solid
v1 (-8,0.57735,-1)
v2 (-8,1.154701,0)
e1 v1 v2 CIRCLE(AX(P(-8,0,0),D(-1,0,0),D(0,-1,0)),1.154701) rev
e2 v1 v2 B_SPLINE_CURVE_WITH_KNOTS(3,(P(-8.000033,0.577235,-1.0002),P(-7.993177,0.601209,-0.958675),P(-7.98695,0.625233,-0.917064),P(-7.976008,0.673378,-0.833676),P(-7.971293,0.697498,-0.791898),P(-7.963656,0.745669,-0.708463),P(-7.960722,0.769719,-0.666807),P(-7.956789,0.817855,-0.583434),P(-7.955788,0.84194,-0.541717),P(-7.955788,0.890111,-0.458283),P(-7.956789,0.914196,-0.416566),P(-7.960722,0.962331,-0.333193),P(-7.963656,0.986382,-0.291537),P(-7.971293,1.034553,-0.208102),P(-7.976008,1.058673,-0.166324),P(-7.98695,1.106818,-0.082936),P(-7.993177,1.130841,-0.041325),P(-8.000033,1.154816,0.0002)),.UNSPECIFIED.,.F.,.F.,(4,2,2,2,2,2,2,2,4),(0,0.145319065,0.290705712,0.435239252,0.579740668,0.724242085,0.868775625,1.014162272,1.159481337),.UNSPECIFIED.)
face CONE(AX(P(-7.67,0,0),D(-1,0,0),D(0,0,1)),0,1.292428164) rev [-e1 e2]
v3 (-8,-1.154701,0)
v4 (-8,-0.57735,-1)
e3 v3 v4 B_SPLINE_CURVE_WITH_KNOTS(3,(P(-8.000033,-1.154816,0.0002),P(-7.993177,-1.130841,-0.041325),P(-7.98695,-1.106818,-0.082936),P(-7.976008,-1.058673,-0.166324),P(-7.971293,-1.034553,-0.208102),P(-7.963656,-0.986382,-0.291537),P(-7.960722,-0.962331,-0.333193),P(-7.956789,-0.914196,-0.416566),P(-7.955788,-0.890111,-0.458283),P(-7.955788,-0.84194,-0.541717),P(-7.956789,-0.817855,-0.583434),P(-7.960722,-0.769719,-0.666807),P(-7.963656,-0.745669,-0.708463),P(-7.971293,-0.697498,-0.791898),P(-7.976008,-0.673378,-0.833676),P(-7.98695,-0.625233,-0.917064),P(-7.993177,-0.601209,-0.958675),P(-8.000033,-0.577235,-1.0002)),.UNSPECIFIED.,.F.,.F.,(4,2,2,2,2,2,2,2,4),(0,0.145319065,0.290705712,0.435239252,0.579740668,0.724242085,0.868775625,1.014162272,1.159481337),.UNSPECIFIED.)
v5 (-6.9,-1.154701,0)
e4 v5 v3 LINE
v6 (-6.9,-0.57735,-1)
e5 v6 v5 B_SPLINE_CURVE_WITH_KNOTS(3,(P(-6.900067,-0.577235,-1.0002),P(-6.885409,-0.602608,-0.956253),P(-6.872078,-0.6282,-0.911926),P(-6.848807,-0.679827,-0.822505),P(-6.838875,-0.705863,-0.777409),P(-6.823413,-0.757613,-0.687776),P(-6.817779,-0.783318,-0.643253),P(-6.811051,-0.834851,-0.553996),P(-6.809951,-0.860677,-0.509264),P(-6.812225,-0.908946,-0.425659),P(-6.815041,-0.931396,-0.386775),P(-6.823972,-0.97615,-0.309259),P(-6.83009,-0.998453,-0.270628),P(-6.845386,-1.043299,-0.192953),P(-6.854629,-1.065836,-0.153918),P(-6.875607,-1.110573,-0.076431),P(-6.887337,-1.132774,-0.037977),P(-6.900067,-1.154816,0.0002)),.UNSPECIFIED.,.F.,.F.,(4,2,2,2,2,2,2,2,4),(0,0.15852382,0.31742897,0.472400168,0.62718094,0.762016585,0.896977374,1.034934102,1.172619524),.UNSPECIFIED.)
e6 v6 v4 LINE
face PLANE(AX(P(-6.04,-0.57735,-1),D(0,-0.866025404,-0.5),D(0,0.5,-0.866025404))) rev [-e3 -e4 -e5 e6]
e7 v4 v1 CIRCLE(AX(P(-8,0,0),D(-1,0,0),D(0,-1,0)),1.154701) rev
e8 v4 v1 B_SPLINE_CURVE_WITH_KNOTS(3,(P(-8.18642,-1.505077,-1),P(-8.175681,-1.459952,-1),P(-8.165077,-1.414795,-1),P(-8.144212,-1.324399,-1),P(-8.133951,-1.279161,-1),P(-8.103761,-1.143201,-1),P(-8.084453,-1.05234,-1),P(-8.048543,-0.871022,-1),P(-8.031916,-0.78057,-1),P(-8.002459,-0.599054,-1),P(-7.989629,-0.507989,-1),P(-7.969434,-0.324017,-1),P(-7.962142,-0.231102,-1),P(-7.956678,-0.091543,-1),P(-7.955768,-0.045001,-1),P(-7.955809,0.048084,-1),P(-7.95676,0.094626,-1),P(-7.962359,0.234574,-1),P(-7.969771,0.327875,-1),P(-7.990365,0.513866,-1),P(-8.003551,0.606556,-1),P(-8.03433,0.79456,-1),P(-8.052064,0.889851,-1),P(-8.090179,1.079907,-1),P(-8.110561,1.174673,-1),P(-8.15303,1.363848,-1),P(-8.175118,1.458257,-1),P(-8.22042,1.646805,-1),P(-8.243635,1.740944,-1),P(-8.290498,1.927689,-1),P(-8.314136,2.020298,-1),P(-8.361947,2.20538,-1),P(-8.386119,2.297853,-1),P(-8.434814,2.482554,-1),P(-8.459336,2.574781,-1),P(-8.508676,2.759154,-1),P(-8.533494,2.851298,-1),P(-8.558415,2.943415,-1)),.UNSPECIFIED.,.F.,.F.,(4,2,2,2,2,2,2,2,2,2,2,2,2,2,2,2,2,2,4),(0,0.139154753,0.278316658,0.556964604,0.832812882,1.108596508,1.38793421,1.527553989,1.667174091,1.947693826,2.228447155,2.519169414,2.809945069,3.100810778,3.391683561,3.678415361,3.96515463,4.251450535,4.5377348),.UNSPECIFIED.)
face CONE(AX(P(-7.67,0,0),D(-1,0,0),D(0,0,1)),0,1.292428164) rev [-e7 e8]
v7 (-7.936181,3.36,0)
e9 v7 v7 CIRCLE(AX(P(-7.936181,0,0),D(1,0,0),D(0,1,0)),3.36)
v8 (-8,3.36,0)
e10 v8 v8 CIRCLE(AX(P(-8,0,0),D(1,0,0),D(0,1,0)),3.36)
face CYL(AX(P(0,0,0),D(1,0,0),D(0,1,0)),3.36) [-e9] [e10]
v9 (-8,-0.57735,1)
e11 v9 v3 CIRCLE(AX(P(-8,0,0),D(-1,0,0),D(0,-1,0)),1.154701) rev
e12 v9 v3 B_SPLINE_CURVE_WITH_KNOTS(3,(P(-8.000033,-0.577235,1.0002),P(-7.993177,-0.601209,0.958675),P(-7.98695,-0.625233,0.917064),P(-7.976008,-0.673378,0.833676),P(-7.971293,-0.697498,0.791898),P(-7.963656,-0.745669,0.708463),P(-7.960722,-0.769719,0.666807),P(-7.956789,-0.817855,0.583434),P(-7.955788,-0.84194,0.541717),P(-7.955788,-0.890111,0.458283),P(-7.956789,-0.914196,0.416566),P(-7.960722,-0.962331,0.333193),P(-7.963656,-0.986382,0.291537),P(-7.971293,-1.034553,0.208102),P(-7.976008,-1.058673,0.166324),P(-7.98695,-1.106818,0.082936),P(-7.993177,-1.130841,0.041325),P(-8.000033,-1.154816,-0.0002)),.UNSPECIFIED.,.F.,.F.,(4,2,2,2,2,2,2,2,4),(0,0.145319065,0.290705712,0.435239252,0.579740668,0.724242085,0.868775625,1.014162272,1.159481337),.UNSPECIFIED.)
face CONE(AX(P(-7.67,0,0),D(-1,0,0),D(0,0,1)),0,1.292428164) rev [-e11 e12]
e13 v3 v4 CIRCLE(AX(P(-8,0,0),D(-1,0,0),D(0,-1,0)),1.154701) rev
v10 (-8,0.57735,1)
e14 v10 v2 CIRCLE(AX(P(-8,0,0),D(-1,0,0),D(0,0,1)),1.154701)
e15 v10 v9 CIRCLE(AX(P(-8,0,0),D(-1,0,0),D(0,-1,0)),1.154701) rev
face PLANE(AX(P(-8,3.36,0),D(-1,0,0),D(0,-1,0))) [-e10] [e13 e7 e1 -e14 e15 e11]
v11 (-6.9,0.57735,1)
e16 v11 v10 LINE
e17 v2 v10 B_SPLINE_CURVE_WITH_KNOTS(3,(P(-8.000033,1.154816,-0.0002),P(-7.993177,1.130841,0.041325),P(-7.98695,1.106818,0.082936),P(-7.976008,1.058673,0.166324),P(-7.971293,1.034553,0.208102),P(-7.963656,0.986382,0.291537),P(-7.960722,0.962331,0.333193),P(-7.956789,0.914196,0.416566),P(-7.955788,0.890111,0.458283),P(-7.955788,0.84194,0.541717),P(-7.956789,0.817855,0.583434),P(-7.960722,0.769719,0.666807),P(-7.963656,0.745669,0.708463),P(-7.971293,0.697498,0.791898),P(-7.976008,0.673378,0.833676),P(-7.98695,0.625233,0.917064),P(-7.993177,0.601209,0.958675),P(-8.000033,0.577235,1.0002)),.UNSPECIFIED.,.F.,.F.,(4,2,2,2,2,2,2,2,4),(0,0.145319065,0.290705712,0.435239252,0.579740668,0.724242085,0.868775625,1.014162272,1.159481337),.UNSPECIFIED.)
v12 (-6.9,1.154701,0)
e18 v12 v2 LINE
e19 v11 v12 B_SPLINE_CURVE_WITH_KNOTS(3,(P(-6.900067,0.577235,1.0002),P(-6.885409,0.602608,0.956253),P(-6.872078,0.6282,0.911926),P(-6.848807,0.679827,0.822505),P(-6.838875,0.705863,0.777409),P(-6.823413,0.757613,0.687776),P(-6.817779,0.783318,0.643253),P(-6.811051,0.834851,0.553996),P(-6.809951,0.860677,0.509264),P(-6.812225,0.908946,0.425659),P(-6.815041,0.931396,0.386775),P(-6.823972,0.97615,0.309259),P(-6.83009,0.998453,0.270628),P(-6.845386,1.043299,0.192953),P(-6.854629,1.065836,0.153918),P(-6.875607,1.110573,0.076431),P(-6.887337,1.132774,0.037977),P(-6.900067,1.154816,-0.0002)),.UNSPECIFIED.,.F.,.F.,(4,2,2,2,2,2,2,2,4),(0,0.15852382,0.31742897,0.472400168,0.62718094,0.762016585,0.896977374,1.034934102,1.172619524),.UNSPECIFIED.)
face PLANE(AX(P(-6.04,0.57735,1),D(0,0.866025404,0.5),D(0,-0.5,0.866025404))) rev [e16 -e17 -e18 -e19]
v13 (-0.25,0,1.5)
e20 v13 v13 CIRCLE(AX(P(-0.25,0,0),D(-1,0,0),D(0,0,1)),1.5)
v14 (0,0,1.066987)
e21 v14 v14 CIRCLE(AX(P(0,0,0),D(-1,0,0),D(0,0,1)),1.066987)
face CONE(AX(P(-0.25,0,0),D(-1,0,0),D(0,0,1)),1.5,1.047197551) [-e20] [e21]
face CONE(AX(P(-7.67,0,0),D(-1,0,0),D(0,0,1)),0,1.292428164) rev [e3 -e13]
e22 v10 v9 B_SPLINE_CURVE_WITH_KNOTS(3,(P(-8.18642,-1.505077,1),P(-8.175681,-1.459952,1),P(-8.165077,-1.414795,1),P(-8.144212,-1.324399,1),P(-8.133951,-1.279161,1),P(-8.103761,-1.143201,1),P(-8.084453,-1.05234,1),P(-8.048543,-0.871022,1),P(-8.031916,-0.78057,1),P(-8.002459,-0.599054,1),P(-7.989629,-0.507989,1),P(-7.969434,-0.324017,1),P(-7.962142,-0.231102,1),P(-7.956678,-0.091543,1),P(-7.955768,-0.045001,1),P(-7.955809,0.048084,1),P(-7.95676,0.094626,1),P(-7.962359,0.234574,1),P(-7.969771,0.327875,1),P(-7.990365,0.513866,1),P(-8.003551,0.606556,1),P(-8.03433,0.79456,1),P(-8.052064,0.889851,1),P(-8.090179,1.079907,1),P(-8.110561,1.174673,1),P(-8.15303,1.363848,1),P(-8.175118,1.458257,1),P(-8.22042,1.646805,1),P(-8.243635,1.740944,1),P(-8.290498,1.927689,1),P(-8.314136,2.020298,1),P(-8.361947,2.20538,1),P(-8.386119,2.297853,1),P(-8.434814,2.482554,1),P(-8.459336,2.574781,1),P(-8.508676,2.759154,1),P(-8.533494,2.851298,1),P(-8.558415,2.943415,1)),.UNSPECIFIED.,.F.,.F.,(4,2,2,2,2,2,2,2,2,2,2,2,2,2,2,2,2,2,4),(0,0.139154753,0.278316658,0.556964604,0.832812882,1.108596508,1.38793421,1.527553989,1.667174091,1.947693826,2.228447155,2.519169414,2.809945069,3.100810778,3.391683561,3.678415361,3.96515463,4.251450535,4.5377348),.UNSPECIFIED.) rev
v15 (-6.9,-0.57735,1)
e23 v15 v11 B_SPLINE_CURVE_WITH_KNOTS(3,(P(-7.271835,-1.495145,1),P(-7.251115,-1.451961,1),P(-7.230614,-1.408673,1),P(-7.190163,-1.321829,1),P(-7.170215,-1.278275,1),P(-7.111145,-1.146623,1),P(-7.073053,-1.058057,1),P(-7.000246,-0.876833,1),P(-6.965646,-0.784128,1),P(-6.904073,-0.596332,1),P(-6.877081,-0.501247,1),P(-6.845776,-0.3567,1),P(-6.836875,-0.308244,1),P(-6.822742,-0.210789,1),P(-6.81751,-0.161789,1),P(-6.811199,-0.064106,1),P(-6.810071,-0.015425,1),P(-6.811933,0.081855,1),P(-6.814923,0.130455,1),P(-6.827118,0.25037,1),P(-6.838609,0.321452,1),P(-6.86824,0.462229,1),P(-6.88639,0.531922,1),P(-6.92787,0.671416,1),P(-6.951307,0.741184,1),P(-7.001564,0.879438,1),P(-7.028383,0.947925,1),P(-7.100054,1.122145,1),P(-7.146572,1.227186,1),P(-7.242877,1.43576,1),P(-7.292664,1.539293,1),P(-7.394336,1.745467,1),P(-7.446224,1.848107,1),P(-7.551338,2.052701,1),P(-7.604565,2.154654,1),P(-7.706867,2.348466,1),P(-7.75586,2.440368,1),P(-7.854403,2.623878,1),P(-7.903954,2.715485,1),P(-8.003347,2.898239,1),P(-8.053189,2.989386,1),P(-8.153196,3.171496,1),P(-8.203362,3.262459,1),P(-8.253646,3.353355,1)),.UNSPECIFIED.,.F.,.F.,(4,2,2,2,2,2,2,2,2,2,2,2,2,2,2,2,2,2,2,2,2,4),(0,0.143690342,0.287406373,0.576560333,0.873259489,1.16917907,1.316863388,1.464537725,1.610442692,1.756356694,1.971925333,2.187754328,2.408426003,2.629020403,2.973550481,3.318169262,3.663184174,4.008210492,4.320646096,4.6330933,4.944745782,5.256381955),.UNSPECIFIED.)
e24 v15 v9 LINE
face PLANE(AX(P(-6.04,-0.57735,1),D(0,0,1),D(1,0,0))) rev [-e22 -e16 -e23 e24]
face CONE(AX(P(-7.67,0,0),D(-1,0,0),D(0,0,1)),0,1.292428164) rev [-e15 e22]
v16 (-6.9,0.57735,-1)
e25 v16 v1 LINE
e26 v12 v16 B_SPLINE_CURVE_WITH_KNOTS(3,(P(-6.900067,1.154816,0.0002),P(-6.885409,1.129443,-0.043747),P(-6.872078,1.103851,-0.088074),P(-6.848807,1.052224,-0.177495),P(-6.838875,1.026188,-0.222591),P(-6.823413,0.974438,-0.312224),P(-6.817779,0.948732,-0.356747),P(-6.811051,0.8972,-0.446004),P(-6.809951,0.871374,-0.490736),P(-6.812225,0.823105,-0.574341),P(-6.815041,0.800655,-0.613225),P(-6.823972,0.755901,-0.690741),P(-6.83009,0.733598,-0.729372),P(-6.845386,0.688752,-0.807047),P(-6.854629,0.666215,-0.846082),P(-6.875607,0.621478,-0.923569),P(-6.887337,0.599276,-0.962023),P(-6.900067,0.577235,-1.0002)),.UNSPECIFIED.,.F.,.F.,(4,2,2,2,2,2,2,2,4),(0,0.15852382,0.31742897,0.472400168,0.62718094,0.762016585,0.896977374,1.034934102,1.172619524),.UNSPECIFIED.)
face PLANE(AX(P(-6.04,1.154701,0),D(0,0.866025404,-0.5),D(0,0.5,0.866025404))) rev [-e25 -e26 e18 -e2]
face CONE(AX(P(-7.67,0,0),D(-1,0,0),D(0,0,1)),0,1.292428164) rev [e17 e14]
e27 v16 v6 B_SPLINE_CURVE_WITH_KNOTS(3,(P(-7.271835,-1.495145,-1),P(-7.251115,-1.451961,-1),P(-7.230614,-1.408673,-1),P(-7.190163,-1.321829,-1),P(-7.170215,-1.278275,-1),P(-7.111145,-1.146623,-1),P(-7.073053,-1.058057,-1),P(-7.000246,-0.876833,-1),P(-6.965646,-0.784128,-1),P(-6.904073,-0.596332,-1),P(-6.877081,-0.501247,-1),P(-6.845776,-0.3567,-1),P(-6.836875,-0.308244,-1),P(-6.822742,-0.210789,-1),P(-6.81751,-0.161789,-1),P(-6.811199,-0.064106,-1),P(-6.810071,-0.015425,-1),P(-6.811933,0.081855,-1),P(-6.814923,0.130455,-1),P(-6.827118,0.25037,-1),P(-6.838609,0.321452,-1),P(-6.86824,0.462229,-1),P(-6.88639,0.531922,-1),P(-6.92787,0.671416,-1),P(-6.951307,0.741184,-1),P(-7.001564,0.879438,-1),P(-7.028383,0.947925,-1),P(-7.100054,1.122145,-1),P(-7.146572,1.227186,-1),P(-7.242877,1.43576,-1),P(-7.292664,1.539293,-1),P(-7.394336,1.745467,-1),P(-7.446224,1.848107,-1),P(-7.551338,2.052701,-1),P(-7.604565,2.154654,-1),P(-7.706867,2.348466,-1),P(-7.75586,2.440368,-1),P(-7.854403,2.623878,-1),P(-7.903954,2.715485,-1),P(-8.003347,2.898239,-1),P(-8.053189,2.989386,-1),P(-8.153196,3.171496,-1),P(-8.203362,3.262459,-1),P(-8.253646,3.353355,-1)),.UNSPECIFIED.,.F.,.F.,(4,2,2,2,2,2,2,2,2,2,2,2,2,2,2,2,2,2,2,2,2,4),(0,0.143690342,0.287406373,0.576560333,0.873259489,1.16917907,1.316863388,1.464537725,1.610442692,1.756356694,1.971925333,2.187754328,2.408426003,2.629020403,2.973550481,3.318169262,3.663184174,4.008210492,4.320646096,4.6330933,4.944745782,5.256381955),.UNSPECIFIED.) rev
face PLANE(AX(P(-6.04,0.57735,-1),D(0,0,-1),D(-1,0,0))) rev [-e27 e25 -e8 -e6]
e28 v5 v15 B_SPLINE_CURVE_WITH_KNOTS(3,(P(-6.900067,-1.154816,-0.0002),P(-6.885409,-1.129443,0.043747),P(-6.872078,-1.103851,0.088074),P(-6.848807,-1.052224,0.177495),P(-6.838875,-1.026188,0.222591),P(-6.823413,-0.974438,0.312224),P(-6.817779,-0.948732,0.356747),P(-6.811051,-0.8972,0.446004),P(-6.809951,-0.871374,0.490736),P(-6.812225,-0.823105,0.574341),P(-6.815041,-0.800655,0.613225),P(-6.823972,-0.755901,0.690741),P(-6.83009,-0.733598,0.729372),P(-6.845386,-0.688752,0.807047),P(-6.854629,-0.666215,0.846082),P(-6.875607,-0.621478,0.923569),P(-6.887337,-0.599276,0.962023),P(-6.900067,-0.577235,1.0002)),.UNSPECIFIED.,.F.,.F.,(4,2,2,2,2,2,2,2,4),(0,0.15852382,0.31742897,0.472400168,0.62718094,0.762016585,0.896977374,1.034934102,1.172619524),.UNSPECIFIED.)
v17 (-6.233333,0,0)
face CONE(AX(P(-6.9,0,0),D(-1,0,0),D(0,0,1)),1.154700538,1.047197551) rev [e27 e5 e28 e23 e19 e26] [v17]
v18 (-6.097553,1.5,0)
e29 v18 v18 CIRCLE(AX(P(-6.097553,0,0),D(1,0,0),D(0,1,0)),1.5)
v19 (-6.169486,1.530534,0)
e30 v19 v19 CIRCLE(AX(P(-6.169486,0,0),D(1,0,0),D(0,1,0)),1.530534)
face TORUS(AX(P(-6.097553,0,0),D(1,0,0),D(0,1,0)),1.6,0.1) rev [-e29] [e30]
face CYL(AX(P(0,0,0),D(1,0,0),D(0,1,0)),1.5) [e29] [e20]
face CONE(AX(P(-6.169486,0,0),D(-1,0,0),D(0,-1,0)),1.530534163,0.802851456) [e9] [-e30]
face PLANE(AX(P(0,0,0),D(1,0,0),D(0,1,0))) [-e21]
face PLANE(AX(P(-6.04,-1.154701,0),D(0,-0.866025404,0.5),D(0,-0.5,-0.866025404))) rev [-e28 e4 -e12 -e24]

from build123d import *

# Parameters (mm, degrees)
CUT_EXTRUDE_1_DEPTH = 1.96


with BuildPart() as part:
    # 草图1 → 旋转1 (revolve)
    with BuildSketch(Plane.XY):
        with BuildLine():
            Line((0, 1.5), (-6.097552518, 1.5))
            ThreePointArc((-6.097552518, 1.5), (-6.136625631, 1.507949515), (-6.169486498, 1.530534163))
            Line((-6.169486498, 1.530534163), (-7.936181121, 3.36))
            Line((-7.936181121, 3.36), (-8, 3.36))
            Line((-8, 3.36), (-8, 0))
            Line((-8, 0), (0, 0))
            Line((0, 0), (0, 1.5))
        make_face()
    revolve(axis=Axis((0, 0, 0), (-1, 0, 0)))

    # 草图2 → 切除-拉伸1 (cut)
    with BuildSketch(Plane.ZY.offset(8)):
        Polygon((0, 1.154700538), (-1, 0.577350269), (-1, -0.577350269), (0, -1.154700538), (1, -0.577350269), (1, 0.577350269), align=None)
    extrude(amount=-CUT_EXTRUDE_1_DEPTH, mode=Mode.SUBTRACT)

    # 草图6 → 旋转2 (revolve)
    with BuildSketch(Plane.XY):
        Polygon((-6.9, 1.154700538), (-6.233333333, 0), (-5.74, 0), (-5.74, 1.154700538), align=None)
    revolve(axis=Axis((-8, 0, 0), (1, 0, 0)))

    # 草图7 → 切除-旋转2 (revolve, cut)
    with BuildSketch(Plane.XY):
        Polygon((-8, 1.154700538), (-8, 0), (-7.67, 0), align=None)
    revolve(axis=Axis((-8, 0, 0), (1, 0, 0)), mode=Mode.SUBTRACT)

    # 草图4 → 切除-旋转1 (revolve, cut)
    with BuildSketch(Plane.XY):
        Polygon((-0.25, 1.5), (0, 1.066987298), (0.25, 1.5), align=None)
    revolve(axis=Axis((-0.25, 0, 0), (1, 0, 0)), mode=Mode.SUBTRACT)


solid = part.part
